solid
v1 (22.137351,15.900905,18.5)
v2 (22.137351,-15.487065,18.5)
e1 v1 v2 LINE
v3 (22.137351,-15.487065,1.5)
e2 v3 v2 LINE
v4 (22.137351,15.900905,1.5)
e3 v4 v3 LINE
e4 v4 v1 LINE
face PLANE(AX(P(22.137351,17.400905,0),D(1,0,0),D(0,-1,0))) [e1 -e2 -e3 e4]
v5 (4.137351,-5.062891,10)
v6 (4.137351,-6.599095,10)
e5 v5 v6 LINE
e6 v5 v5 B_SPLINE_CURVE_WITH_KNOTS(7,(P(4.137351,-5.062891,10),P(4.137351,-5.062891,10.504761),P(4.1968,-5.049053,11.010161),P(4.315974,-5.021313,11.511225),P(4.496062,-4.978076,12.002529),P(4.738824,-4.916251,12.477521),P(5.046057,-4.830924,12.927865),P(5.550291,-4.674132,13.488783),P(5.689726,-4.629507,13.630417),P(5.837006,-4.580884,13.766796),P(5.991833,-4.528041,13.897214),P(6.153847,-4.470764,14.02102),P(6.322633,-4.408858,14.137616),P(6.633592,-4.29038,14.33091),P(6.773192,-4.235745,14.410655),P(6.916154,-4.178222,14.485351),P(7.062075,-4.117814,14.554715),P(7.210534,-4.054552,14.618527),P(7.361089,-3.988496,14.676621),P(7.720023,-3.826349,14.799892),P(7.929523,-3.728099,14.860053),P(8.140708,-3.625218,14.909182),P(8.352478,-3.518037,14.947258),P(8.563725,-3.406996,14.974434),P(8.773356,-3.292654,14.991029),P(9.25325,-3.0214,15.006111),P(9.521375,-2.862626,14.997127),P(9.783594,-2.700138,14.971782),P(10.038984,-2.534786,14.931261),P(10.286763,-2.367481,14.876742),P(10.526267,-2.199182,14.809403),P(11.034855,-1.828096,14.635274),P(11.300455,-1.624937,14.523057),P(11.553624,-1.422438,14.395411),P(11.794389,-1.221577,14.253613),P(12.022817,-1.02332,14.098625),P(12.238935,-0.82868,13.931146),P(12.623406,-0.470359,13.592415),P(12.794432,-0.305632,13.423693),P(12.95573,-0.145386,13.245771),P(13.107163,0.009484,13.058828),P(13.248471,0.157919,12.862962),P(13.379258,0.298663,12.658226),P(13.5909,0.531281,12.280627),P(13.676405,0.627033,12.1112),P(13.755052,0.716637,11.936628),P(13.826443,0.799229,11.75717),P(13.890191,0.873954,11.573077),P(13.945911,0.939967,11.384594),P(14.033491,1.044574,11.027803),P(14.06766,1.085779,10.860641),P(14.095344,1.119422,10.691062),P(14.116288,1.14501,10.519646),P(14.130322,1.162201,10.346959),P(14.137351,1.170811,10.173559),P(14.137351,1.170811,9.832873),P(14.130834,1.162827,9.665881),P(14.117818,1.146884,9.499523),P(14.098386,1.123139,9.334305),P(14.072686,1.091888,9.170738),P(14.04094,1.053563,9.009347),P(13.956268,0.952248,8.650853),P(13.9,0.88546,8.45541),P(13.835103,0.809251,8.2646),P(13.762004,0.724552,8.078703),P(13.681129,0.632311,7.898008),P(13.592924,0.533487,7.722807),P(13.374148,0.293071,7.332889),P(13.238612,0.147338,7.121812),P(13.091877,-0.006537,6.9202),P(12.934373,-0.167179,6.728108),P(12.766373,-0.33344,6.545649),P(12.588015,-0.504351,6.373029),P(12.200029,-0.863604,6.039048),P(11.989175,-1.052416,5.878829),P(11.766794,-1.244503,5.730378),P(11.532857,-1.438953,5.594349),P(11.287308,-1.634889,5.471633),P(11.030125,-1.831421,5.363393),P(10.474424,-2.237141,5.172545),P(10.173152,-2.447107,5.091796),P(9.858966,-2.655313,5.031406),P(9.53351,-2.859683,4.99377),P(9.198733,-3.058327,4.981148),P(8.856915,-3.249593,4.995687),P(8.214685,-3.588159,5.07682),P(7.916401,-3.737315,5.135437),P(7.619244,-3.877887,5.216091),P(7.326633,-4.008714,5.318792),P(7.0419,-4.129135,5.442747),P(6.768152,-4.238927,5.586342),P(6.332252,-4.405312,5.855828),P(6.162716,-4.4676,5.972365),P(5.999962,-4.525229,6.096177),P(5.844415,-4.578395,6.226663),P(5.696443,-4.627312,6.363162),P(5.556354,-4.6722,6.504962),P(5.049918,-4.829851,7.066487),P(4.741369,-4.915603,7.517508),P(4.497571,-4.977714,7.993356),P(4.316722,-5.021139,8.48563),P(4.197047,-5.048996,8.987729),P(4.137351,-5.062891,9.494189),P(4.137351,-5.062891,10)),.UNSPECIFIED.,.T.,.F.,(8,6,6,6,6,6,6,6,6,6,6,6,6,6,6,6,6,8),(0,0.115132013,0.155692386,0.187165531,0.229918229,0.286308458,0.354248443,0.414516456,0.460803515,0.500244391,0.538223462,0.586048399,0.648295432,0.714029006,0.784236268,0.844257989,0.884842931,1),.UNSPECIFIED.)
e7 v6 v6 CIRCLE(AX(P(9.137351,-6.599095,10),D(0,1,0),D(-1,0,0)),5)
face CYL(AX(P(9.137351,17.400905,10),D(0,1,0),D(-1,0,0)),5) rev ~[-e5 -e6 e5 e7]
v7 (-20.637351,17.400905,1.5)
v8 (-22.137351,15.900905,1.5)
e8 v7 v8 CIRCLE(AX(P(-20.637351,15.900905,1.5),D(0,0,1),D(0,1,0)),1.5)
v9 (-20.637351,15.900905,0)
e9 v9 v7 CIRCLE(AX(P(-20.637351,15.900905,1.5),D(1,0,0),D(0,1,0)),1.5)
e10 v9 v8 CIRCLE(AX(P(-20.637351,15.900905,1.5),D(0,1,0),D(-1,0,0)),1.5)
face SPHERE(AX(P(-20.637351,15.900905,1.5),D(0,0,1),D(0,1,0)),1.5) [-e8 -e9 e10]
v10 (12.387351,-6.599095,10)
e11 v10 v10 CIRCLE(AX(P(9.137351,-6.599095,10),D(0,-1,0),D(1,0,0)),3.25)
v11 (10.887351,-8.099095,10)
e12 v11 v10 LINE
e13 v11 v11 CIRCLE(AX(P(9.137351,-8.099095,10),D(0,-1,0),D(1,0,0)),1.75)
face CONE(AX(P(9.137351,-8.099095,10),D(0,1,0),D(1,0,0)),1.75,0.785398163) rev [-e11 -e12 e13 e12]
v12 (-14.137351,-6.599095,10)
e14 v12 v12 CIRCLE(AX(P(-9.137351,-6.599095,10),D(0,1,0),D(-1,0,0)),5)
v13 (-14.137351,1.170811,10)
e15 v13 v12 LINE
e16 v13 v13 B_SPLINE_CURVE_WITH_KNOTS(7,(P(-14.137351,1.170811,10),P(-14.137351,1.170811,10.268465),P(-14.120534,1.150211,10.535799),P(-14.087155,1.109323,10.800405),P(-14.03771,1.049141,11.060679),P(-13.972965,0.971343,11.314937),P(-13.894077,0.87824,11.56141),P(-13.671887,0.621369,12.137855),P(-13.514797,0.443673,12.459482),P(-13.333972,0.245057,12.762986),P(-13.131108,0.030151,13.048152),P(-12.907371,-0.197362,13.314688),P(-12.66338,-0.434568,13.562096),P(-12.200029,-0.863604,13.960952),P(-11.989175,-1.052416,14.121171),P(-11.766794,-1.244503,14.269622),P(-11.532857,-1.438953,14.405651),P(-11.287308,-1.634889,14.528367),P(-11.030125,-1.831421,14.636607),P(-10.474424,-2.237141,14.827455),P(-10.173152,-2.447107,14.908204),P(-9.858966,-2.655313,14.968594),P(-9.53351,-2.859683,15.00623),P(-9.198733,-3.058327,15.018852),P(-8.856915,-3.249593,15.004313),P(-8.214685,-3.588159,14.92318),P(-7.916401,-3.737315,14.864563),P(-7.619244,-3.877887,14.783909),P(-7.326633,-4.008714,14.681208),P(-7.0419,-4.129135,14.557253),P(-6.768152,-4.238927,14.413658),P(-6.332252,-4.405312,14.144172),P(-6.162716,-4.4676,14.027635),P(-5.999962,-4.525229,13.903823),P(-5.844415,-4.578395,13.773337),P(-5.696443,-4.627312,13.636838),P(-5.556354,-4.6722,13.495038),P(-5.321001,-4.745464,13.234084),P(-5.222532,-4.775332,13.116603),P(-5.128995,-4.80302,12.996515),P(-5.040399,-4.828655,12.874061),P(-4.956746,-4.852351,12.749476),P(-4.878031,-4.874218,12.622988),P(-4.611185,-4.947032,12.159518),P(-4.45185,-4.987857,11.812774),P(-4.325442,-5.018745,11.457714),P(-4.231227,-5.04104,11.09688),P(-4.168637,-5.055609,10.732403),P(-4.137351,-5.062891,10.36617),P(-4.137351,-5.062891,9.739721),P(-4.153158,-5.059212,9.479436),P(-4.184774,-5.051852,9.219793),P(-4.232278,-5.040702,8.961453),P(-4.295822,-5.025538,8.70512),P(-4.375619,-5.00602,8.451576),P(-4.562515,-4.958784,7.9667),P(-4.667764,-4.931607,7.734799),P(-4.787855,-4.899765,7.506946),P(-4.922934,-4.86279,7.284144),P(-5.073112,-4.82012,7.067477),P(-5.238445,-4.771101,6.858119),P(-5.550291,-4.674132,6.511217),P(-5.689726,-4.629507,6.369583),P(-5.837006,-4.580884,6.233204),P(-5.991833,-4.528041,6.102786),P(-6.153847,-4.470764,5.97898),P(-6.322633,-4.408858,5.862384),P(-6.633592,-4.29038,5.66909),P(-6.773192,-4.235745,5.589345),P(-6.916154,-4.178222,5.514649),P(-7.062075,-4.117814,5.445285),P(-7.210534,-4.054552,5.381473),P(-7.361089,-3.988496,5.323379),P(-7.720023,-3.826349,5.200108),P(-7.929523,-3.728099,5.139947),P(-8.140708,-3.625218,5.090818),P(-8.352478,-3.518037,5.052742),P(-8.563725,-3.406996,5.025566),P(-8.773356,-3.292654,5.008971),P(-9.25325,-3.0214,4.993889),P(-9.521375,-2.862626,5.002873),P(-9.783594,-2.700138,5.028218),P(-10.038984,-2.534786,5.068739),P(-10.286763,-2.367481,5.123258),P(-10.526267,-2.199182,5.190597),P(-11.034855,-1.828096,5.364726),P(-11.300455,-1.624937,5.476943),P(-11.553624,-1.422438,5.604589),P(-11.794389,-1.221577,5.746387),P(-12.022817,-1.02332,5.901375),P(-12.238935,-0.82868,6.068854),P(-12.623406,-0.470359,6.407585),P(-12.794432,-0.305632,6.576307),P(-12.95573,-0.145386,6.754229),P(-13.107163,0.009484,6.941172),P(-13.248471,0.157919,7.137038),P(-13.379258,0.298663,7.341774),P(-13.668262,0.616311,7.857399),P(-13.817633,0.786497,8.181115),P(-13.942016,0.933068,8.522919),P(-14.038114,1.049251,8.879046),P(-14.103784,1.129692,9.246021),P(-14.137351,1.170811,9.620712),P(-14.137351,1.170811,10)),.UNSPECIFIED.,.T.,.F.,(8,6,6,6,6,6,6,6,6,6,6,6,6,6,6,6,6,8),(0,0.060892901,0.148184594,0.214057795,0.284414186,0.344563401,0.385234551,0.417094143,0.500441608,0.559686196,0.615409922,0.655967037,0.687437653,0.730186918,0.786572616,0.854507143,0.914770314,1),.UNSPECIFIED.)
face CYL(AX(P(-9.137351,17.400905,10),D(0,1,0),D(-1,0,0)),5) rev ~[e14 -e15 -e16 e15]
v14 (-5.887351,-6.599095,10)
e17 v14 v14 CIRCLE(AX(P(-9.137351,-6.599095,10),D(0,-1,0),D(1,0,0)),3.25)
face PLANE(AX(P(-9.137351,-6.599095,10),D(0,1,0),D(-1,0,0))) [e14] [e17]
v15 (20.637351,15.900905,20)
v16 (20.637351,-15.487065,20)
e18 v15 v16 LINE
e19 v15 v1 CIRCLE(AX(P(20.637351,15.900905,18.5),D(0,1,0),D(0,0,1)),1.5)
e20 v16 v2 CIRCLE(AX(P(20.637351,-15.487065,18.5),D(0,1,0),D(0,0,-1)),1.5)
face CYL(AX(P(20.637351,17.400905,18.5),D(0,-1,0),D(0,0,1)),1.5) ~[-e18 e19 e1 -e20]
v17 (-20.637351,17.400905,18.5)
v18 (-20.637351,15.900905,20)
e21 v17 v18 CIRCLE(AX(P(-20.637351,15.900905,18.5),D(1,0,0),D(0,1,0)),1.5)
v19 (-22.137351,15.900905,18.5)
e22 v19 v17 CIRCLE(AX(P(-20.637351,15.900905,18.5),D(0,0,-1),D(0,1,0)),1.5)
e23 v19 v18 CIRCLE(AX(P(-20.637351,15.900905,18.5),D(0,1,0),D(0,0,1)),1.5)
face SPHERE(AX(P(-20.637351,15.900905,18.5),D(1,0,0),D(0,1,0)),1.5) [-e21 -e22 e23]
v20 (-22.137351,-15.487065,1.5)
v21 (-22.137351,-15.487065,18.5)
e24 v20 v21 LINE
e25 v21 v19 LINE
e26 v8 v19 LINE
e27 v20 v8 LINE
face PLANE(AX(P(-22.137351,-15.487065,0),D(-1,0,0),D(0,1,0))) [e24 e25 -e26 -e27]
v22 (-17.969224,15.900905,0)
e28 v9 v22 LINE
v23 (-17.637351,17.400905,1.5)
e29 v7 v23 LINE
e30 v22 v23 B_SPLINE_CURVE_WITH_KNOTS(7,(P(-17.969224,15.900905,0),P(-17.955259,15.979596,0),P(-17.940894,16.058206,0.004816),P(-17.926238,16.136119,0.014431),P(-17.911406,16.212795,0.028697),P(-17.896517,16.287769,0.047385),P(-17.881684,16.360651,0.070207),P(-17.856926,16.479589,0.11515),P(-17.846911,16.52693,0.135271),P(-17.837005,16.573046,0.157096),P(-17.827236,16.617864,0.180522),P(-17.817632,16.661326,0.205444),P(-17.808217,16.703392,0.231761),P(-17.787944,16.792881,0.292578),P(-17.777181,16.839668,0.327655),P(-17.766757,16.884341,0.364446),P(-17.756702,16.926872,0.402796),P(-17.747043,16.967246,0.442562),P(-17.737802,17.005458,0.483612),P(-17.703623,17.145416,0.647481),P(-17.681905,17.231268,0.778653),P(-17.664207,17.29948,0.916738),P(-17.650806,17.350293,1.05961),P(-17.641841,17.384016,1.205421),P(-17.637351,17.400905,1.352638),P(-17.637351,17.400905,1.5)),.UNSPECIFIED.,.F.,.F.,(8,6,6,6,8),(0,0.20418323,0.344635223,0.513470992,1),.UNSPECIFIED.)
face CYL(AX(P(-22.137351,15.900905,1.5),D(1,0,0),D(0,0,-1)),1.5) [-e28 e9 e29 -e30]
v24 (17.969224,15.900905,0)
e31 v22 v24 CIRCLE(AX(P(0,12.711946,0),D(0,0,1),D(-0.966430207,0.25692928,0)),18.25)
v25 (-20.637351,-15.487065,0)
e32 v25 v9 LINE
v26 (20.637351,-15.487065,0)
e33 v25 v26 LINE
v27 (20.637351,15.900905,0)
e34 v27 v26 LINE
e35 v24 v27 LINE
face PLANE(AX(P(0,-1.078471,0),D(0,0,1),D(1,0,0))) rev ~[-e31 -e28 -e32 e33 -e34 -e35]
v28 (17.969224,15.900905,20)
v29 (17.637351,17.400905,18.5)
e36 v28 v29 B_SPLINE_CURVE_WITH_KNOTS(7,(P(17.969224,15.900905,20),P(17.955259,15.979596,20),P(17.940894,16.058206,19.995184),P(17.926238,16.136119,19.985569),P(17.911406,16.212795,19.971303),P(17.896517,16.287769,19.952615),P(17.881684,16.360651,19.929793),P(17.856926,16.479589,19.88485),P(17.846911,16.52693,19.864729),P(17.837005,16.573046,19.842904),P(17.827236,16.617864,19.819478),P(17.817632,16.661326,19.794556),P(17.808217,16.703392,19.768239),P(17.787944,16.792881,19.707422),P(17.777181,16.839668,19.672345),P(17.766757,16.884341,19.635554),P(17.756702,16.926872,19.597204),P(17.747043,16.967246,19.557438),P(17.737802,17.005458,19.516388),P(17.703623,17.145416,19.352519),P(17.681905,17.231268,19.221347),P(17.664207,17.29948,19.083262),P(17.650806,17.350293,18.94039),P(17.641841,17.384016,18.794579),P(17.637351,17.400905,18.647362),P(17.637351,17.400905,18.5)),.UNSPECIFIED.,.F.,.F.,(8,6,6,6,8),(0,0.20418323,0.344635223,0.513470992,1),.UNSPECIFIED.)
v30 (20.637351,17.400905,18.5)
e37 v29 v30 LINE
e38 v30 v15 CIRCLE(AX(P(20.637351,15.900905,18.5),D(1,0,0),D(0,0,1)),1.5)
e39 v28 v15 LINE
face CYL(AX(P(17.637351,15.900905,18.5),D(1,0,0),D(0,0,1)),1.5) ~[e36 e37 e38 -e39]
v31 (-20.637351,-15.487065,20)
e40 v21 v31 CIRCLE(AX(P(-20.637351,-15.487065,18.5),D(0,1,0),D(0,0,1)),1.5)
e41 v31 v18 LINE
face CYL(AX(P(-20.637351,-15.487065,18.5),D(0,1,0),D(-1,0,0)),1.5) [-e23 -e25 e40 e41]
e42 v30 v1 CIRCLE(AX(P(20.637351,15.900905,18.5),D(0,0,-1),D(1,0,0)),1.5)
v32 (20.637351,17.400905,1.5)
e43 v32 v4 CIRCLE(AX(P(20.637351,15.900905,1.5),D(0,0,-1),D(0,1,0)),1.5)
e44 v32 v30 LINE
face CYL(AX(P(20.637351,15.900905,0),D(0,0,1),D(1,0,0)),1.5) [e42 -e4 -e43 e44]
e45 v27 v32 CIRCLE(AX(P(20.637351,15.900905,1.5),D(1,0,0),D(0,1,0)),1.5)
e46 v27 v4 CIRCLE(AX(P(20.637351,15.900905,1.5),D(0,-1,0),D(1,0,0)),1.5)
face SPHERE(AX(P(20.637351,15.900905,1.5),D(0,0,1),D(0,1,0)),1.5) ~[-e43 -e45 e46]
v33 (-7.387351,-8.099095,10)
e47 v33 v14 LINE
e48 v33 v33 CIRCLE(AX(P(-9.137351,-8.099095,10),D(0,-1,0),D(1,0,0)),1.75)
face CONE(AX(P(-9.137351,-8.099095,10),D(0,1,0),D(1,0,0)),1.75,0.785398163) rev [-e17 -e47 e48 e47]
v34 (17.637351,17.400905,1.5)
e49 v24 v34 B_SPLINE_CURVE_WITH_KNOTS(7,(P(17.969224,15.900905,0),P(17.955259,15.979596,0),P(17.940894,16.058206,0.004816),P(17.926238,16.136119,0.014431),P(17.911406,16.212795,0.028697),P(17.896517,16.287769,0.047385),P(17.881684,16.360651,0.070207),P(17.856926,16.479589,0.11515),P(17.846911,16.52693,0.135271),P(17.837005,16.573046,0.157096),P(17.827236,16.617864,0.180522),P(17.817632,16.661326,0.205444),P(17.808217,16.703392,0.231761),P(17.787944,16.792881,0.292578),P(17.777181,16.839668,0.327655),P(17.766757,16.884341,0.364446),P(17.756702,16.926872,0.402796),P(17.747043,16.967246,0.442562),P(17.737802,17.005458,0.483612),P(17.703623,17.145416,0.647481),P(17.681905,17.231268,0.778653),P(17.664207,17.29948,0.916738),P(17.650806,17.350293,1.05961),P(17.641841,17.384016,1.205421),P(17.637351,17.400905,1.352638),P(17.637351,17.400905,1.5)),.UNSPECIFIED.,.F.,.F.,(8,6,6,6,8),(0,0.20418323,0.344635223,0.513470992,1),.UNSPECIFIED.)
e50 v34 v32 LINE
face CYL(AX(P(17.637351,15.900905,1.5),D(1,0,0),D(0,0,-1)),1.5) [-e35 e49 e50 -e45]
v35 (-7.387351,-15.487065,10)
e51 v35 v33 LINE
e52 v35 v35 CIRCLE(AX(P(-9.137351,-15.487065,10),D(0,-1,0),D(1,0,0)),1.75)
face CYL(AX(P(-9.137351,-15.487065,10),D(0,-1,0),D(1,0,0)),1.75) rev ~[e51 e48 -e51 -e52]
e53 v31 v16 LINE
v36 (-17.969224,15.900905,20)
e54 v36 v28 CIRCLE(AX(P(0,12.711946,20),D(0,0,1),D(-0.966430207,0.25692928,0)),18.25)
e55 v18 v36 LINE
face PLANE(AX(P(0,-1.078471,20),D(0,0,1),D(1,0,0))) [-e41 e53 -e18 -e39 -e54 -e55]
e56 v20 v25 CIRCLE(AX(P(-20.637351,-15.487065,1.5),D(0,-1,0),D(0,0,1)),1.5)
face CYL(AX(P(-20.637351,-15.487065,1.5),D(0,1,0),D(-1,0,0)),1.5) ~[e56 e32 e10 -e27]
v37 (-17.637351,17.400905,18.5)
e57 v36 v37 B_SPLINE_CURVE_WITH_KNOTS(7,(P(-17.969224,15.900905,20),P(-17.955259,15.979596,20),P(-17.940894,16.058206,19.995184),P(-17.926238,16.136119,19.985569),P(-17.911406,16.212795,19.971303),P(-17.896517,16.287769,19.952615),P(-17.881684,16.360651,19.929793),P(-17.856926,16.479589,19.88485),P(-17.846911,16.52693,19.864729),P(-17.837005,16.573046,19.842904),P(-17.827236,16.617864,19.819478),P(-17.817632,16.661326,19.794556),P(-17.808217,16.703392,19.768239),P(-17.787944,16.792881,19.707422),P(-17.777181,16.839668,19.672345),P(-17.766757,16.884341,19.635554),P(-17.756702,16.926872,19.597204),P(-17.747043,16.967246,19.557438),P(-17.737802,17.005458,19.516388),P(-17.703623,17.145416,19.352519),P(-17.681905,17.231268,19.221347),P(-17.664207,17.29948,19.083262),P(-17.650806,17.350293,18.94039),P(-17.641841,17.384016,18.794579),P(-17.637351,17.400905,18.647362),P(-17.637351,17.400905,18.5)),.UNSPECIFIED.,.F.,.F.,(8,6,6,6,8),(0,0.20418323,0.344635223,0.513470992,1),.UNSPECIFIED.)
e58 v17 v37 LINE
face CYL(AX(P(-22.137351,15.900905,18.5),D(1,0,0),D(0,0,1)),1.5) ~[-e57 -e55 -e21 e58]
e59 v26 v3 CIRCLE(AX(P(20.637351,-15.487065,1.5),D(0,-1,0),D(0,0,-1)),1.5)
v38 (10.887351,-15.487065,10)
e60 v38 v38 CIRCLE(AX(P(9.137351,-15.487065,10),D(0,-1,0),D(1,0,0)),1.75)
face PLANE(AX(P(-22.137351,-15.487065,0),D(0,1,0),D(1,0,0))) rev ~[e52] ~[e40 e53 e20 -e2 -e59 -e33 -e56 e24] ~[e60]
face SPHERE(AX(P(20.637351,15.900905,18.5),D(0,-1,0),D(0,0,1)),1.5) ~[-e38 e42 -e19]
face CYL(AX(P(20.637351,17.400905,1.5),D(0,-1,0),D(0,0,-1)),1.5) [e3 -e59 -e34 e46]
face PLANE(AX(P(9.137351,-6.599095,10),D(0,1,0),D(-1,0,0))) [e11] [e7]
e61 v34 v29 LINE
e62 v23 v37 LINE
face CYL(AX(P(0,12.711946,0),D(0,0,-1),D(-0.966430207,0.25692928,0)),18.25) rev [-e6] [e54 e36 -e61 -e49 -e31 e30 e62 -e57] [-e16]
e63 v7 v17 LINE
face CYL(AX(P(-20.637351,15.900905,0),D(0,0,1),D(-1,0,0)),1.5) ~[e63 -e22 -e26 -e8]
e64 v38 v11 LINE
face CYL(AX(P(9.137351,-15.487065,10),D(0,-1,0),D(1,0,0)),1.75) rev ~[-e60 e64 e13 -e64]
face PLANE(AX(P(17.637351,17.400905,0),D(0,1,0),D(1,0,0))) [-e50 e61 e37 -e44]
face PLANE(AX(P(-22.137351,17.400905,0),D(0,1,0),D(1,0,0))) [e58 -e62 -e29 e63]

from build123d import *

# Parameters (mm, degrees)
PAD_DEPTH       = 20
SKETCH001_R     = 1.75
POCKET_DEPTH    = 32.88897
SKETCH002_R     = 5
POCKET001_DEPTH = 24
CHAMFER_SIZE    = 1.5
FILLET_R        = 1.5


with BuildPart() as part:
    # Sketch → Pad (new body)
    with BuildSketch(Plane.XY):
        with BuildLine():
            Line((-22.137351, -15.487065), (22.137351, -15.487065))
            Line((22.137351, 17.400905), (22.137351, -15.487065))
            Line((17.637351, 17.400905), (22.137351, 17.400905))
            ThreePointArc((-17.637351, 17.400905), (0, -5.538054), (17.637351, 17.400905))
            Line((-22.137351, 17.400905), (-17.637351, 17.400905))
            Line((-22.137351, -15.487065), (-22.137351, 17.400905))
        make_face()
    extrude(amount=PAD_DEPTH)

    # Sketch001 (on Face1 of Pad) → Pocket (cut, through all)
    with BuildSketch(Plane.XZ.offset(15.487065)):
        with Locations((-9.137351, 10)):
            Circle(SKETCH001_R)
        with Locations((9.137351, 10)):
            Circle(SKETCH001_R)
    extrude(amount=-POCKET_DEPTH, mode=Mode.SUBTRACT)

    # Sketch002 (on Face9 of Pocket) → Pocket001 (cut)
    with BuildSketch(Plane(origin=(0, 17.400905, 0), x_dir=(-1, 0, 0), z_dir=(0, 1, 0))):
        with Locations((-9.137351, 10)):
            Circle(SKETCH002_R)
        with Locations((9.137351, 10)):
            Circle(SKETCH002_R)
    extrude(amount=-POCKET001_DEPTH, mode=Mode.SUBTRACT)

    # Chamfer
    chamfer_edges = [part.edges().sort_by_distance(p)[0] for p in [
        (7.387351, -6.599095, 10),
        (-10.887351, -6.599095, 10),
    ]]
    chamfer(chamfer_edges, length=CHAMFER_SIZE)

    # Fillet
    fillet_edges = [part.edges().sort_by_distance(p)[0] for p in [
        (22.137351, 0.95692, 20),
        (19.887351, 17.400905, 20),
        (22.137351, 17.400905, 10),
        (19.887351, 17.400905, 0),
        (22.137351, 0.95692, 0),
        (-19.887351, 17.400905, 20),
        (-22.137351, 17.400905, 10),
        (-22.137351, 0.95692, 20),
        (-19.887351, 17.400905, 0),
        (-22.137351, 0.95692, 0),
    ]]
    fillet(fillet_edges, radius=FILLET_R)


solid = part.part
